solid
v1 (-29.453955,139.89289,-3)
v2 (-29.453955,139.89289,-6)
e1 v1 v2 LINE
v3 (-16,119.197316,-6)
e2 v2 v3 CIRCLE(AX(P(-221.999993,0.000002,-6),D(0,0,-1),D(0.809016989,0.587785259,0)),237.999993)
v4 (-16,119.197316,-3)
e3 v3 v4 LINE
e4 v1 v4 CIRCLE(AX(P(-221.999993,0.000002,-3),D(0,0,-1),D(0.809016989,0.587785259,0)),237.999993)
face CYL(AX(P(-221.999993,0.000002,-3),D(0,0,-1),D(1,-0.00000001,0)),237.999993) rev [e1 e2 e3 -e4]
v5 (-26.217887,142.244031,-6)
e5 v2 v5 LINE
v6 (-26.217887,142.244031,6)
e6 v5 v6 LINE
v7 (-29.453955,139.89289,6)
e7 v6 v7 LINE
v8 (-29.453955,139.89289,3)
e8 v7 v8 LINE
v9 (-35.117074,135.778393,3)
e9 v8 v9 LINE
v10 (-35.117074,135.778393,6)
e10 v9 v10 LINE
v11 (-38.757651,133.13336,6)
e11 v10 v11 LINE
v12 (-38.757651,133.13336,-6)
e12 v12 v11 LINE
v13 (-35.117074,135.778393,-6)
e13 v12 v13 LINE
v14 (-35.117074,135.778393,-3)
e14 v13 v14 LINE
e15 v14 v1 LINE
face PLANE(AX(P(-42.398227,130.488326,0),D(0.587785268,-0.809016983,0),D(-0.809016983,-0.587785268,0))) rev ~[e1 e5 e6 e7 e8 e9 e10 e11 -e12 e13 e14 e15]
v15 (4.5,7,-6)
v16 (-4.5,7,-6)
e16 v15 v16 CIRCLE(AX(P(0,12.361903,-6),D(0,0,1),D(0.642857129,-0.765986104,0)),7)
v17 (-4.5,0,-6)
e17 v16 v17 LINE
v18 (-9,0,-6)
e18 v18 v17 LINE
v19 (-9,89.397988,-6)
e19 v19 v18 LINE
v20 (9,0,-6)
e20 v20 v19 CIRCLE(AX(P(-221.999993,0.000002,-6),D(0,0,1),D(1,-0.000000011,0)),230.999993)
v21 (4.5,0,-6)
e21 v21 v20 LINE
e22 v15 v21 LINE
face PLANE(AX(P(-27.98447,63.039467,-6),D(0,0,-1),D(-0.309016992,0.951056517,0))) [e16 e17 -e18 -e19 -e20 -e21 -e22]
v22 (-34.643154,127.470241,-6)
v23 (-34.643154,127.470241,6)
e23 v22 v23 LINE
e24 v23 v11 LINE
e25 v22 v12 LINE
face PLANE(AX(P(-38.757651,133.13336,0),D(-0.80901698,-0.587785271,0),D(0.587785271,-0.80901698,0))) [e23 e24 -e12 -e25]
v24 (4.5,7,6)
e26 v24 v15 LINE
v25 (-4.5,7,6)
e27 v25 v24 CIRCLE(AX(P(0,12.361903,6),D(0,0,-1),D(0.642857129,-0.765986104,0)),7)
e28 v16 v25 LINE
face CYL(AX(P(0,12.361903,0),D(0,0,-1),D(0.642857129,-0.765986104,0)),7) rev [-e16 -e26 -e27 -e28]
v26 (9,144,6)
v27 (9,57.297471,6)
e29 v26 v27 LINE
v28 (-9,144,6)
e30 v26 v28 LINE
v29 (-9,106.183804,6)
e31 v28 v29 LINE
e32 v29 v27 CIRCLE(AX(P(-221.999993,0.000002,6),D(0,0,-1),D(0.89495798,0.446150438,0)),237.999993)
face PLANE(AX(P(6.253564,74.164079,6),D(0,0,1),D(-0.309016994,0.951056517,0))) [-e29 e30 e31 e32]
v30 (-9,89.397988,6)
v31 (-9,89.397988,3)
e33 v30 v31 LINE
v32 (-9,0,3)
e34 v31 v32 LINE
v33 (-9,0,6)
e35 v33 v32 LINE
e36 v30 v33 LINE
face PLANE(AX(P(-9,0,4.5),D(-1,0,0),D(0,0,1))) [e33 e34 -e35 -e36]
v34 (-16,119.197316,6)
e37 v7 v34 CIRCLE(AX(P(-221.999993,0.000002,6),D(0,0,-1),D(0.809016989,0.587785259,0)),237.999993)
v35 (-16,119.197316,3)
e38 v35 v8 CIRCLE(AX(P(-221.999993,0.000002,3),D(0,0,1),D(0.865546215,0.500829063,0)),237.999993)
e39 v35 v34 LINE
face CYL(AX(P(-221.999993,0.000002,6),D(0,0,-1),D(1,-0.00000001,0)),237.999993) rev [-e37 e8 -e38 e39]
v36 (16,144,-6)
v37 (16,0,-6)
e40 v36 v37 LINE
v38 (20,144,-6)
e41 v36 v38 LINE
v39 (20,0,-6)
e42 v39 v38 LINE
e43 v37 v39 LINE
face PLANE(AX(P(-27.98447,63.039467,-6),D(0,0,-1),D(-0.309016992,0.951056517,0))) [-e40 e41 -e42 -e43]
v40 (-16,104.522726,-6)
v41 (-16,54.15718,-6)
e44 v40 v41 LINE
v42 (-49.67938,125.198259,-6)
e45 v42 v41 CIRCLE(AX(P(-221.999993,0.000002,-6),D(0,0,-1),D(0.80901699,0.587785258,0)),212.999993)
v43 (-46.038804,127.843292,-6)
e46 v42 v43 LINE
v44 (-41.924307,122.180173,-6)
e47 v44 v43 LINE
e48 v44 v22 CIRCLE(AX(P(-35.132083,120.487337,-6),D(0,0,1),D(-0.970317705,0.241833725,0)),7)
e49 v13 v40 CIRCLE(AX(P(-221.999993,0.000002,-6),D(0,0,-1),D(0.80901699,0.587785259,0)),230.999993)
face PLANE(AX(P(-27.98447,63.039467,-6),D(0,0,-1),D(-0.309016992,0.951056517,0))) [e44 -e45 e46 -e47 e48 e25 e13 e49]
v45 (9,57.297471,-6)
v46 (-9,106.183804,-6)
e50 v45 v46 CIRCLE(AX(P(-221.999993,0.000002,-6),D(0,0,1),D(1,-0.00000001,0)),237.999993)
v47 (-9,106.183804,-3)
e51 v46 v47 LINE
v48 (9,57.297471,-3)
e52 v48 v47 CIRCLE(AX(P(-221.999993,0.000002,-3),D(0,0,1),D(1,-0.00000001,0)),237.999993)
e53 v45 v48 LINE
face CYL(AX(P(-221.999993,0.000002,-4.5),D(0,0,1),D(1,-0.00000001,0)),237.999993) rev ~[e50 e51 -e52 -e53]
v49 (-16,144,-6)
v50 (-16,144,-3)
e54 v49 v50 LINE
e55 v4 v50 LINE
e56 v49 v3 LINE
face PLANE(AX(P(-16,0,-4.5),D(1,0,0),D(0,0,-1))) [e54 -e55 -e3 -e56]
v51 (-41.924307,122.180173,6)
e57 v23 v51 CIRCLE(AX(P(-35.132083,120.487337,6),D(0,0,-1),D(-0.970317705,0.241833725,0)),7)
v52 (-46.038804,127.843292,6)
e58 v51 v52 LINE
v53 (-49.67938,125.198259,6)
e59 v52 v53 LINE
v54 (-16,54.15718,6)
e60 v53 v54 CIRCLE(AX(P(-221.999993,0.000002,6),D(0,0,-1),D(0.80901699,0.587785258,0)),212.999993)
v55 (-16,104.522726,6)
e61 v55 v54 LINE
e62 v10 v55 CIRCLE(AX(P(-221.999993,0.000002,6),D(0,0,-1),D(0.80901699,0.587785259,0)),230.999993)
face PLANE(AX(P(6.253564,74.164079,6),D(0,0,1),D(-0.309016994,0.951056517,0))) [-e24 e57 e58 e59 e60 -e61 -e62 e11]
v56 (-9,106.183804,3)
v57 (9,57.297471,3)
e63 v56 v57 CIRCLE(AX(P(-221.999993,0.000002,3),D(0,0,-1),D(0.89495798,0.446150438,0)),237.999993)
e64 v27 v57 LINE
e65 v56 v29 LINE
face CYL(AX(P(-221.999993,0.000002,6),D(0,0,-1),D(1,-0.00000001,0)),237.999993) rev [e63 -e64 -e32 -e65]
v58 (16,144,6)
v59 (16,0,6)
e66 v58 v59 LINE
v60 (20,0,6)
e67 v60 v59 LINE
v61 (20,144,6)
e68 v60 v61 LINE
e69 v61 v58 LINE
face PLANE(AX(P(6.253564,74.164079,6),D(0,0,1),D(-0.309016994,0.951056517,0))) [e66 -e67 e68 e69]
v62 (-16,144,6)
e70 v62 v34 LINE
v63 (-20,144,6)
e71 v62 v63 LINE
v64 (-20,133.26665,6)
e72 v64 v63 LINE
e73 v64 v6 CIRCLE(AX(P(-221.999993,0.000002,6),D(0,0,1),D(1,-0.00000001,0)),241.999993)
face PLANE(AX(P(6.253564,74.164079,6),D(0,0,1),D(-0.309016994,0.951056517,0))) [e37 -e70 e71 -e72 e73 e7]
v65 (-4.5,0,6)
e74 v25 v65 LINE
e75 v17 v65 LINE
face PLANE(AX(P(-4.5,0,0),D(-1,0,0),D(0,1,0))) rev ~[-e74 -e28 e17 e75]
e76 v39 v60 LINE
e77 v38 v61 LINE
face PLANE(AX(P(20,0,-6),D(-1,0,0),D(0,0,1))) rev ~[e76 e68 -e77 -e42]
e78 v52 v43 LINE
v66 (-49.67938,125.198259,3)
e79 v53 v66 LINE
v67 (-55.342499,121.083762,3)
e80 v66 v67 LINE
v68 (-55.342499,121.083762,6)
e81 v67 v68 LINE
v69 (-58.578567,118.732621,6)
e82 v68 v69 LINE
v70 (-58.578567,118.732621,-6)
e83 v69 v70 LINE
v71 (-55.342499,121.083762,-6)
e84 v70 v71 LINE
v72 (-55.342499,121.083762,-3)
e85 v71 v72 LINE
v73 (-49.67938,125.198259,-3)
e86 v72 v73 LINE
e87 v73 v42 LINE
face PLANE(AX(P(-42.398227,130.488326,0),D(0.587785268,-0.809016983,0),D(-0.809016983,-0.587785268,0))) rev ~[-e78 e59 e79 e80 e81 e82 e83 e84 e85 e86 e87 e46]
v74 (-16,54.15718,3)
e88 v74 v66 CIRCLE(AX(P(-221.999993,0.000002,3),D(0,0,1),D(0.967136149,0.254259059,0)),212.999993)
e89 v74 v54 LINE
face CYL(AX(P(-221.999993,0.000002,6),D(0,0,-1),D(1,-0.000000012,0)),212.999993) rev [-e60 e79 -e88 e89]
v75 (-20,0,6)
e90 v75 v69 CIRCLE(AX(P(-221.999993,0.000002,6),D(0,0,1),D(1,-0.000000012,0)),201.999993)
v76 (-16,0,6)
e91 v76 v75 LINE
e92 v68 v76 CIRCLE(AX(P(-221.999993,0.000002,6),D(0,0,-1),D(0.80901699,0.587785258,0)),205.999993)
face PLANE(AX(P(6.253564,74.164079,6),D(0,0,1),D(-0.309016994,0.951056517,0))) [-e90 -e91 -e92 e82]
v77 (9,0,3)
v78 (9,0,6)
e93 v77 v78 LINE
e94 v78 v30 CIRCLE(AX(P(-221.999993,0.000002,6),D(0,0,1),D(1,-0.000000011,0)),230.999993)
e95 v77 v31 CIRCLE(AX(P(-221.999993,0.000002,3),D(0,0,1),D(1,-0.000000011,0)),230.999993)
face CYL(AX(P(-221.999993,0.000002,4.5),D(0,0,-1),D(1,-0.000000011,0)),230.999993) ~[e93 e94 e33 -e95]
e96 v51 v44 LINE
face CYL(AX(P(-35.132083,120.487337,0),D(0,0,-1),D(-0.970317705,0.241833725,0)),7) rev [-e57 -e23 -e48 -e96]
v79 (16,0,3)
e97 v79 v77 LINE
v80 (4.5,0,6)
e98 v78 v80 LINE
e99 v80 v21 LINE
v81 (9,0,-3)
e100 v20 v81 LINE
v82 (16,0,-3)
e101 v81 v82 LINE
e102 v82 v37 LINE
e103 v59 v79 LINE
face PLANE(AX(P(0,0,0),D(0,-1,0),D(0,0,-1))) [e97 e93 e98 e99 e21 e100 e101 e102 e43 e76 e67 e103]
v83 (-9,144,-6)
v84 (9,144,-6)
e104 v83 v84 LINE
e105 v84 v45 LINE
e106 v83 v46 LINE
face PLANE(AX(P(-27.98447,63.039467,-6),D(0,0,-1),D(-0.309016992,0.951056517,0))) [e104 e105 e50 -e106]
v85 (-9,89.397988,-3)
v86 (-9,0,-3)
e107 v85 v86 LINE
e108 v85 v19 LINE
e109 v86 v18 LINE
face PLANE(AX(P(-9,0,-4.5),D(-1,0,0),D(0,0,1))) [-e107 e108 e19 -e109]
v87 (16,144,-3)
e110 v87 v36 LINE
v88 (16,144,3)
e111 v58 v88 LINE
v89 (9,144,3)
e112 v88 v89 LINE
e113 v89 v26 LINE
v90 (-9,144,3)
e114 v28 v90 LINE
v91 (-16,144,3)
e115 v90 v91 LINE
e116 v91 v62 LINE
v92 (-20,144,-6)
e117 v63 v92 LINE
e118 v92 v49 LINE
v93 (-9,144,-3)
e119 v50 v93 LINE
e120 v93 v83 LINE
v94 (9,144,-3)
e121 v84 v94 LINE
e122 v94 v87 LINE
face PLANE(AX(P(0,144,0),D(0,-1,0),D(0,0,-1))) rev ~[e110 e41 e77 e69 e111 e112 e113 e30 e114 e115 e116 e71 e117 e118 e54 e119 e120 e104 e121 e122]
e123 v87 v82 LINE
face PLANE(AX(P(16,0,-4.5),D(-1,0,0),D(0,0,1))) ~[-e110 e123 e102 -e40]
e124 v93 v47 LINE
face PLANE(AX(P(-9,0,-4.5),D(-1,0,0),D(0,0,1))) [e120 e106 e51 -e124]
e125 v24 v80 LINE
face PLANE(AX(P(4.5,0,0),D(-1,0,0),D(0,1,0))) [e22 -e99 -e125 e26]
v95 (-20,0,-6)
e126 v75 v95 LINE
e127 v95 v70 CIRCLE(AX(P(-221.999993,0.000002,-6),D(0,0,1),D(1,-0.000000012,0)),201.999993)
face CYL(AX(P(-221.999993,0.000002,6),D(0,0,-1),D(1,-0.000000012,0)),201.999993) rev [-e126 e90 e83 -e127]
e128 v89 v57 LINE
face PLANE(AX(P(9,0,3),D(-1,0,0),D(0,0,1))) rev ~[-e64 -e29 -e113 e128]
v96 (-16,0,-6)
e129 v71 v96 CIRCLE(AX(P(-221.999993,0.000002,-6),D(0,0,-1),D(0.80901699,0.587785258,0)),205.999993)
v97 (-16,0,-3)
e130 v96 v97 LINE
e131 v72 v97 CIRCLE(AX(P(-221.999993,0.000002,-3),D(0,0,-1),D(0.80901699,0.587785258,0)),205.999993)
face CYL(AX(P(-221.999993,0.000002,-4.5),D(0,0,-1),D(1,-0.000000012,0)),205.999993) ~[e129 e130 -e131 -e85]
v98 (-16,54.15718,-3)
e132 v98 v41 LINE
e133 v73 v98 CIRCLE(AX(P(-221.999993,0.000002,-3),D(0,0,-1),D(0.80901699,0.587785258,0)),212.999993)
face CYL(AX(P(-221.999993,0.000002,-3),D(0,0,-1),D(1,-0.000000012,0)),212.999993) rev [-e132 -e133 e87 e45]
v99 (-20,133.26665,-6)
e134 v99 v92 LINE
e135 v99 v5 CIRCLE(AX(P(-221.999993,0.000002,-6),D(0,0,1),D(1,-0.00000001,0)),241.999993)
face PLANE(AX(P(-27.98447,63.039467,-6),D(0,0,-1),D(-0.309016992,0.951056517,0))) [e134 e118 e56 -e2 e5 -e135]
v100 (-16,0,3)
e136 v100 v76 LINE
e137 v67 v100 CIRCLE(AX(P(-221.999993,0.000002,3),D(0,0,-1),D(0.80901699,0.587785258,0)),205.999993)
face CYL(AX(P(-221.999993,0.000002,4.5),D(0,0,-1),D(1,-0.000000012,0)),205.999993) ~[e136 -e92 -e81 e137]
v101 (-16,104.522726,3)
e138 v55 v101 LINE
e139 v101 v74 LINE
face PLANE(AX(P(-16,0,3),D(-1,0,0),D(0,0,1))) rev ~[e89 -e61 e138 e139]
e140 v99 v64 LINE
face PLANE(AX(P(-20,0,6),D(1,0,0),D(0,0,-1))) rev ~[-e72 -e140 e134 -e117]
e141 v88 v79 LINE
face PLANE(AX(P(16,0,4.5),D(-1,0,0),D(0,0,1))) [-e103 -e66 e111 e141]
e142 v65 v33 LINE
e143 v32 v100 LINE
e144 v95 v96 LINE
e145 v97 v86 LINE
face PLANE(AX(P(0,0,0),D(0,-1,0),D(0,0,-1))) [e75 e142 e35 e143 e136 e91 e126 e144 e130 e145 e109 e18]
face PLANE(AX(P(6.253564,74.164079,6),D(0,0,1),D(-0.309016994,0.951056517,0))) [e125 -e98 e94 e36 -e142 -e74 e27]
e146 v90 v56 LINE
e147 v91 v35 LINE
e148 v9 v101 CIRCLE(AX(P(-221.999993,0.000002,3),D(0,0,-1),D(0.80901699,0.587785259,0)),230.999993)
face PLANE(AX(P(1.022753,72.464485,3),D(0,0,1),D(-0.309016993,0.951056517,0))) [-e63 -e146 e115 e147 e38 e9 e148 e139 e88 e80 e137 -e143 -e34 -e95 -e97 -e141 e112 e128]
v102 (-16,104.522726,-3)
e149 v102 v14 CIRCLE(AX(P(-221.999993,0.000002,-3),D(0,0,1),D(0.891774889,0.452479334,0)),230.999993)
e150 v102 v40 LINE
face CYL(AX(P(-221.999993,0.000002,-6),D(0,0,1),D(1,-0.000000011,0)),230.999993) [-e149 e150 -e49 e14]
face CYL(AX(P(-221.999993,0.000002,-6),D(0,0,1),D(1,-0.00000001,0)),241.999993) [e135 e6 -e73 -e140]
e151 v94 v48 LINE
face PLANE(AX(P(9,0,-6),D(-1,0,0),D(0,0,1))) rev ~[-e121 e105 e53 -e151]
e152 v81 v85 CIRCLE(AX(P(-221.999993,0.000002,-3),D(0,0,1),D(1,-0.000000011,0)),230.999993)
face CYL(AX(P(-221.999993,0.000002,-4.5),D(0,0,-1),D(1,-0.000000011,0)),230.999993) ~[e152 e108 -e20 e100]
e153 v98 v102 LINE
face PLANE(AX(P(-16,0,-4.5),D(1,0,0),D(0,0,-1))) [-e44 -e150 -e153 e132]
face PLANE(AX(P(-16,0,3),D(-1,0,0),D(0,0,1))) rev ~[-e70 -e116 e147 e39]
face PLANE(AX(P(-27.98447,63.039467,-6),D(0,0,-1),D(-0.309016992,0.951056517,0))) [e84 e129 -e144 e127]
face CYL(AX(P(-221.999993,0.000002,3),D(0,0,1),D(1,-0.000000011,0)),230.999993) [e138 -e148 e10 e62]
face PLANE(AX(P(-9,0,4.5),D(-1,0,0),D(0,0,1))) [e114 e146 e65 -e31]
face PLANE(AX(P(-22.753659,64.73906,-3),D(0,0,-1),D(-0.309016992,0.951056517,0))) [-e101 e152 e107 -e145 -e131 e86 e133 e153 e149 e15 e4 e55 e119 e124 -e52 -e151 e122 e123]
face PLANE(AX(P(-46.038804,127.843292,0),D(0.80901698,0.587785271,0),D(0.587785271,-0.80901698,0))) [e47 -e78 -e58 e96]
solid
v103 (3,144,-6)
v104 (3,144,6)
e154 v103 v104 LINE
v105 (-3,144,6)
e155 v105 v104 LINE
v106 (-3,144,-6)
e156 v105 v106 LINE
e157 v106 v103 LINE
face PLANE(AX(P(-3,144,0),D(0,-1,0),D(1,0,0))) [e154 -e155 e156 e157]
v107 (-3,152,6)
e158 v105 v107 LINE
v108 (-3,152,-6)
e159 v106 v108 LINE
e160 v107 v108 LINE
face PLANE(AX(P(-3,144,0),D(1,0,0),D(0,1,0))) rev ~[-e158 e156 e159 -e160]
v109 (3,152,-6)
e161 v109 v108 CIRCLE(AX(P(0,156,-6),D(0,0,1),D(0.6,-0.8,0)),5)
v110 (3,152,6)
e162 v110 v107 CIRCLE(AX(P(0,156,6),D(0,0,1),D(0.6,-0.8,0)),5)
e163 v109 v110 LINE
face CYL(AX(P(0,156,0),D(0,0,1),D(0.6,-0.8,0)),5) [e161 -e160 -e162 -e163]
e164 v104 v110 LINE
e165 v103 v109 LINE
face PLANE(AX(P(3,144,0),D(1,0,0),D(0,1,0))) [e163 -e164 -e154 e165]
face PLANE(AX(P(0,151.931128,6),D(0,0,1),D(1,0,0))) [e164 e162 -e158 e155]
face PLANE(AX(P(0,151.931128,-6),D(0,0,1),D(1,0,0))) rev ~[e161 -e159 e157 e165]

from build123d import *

# Parameters (mm, degrees)
SKETCH004_W          = 7
SKETCH004_H          = 3
SKETCH005_W          = 7
SKETCH005_H          = 3
SKETCH009_W          = 7
SKETCH009_H          = 3
SKETCH010_W          = 7
SKETCH010_H          = 3
POCKET_DEPTH         = 6.001
POCKET_DEPTH_BACK    = -6.001
POCKET001_DEPTH      = 6.001
POCKET001_DEPTH_BACK = -6.001
PAD001_DEPTH         = 6


with BuildPart() as body:
    # AdditivePipe: sweep along a path in Sketch002
    with BuildLine(Plane.XY) as additivepipe_path:
        ThreePointArc((0, 0), (-10.865453, 68.601773), (-42.398227, 130.488326))
    # Sketch → AdditivePipe (sweep)
    with BuildSketch(Plane.XZ):
        Polygon((-20, 6), (-20, -6), (-16, -6), (-16, -3), (-9, -3), (-9, -6), (9, -6), (9, -3), (16, -3), (16, -6), (20, -6), (20, 6), (16, 6), (16, 3), (9, 3), (9, 6), (-9, 6), (-9, 3), (-16, 3), (-16, 6), align=None)
    sweep(path=additivepipe_path.line)

    # AdditivePipe001: sweep along a path in Sketch001
    with BuildLine(Plane.XY) as additivepipe001_path:
        Line((0, 0), (0, 144))
    # Sketch → AdditivePipe001 (sweep)
    with BuildSketch(Plane.XZ):
        Polygon((-20, 6), (-20, -6), (-16, -6), (-16, -3), (-9, -3), (-9, -6), (9, -6), (9, -3), (16, -3), (16, -6), (20, -6), (20, 6), (16, 6), (16, 3), (9, 3), (9, 6), (-9, 6), (-9, 3), (-16, 3), (-16, 6), align=None)
    sweep(path=additivepipe001_path.line)

    # SubtractivePipe: sweep along a path in Sketch001
    with BuildLine(Plane.XY) as subtractivepipe_path:
        Line((0, 0), (0, 144))
    # Sketch004 → SubtractivePipe (sweep, cut)
    with BuildSketch(Plane.XZ):
        with Locations((-12.5, 4.5)):
            Rectangle(SKETCH004_W, SKETCH004_H)
    sweep(path=subtractivepipe_path.line, mode=Mode.SUBTRACT)

    # SubtractivePipe001: sweep along a path in Sketch002
    with BuildLine(Plane.XY) as subtractivepipe001_path:
        ThreePointArc((0, 0), (-10.865453, 68.601773), (-42.398227, 130.488326))
    # Sketch004 → SubtractivePipe001 (sweep, cut)
    with BuildSketch(Plane.XZ):
        with Locations((-12.5, 4.5)):
            Rectangle(SKETCH004_W, SKETCH004_H)
    sweep(path=subtractivepipe001_path.line, mode=Mode.SUBTRACT)

    # SubtractivePipe002: sweep along a path in Sketch002
    with BuildLine(Plane.XY) as subtractivepipe002_path:
        ThreePointArc((0, 0), (-10.865453, 68.601773), (-42.398227, 130.488326))
    # Sketch005 (on Face1 of SubtractivePipe001) → SubtractivePipe002 (sweep, cut)
    with BuildSketch(Plane.XZ):
        with Locations((12.5, 4.5)):
            Rectangle(SKETCH005_W, SKETCH005_H)
    sweep(path=subtractivepipe002_path.line, mode=Mode.SUBTRACT)

    # SubtractivePipe003: sweep along a path in Sketch001
    with BuildLine(Plane.XY) as subtractivepipe003_path:
        Line((0, 0), (0, 144))
    # Sketch005 (on Face1 of SubtractivePipe001) → SubtractivePipe003 (sweep, cut)
    with BuildSketch(Plane.XZ):
        with Locations((12.5, 4.5)):
            Rectangle(SKETCH005_W, SKETCH005_H)
    subtractivepipe003 = sweep(path=subtractivepipe003_path.line, mode=Mode.SUBTRACT)

    # Mirrored: SubtractivePipe003 across XY
    add(subtractivepipe003.mirror(Plane.XY), mode=Mode.SUBTRACT)

    # SubtractivePipe004: sweep along a path in Sketch002
    with BuildLine(Plane.XY) as subtractivepipe004_path:
        ThreePointArc((0, 0), (-10.865453, 68.601773), (-42.398227, 130.488326))
    # Sketch009 → SubtractivePipe004 (sweep, cut)
    with BuildSketch(Plane.XZ):
        with Locations((-12.5, -4.5)):
            Rectangle(SKETCH009_W, SKETCH009_H)
    sweep(path=subtractivepipe004_path.line, mode=Mode.SUBTRACT)

    # SubtractivePipe005: sweep along a path in Sketch001
    with BuildLine(Plane.XY) as subtractivepipe005_path:
        Line((0, 0), (0, 144))
    # Sketch009 → SubtractivePipe005 (sweep, cut)
    with BuildSketch(Plane.XZ):
        with Locations((-12.5, -4.5)):
            Rectangle(SKETCH009_W, SKETCH009_H)
    sweep(path=subtractivepipe005_path.line, mode=Mode.SUBTRACT)

    # SubtractivePipe006: sweep along a path in Sketch002
    with BuildLine(Plane.XY) as subtractivepipe006_path:
        ThreePointArc((0, 0), (-10.865453, 68.601773), (-42.398227, 130.488326))
    # Sketch010 (on Face1 of SubtractivePipe005) → SubtractivePipe006 (sweep, cut)
    with BuildSketch(Plane.XZ):
        with Locations((12.5, -4.5)):
            Rectangle(SKETCH010_W, SKETCH010_H)
    sweep(path=subtractivepipe006_path.line, mode=Mode.SUBTRACT)

    # Sketch012 → Pocket (cut, two sides)
    with BuildSketch(Plane.XY) as pocket_sk:
        with BuildLine():
            Line((-46.038804, 127.843292), (-38.757651, 133.13336))
            Line((-38.757651, 133.13336), (-34.643154, 127.470241))
            ThreePointArc((-41.924307, 122.180173), (-31.017586, 114.824218), (-34.643154, 127.470241))
            Line((-46.038804, 127.843292), (-41.924307, 122.180173))
        make_face()
    extrude(amount=-POCKET_DEPTH, mode=Mode.SUBTRACT)
    extrude(pocket_sk.sketch, amount=-POCKET_DEPTH_BACK, mode=Mode.SUBTRACT)

    # Sketch013 → Pocket001 (cut, two sides)
    with BuildSketch(Plane.XY) as pocket001_sk:
        with BuildLine():
            Line((-4.5, 0), (4.5, 0))
            Line((4.5, 0), (4.5, 7))
            ThreePointArc((4.5, 7), (0, 19.361903), (-4.5, 7))
            Line((-4.5, 0), (-4.5, 7))
        make_face()
    extrude(amount=-POCKET001_DEPTH, mode=Mode.SUBTRACT)
    extrude(pocket001_sk.sketch, amount=-POCKET001_DEPTH_BACK, mode=Mode.SUBTRACT)


with BuildPart() as body002:
    # Sketch011 → Pad001 (new body, symmetric)
    with BuildSketch(Plane.XY):
        with BuildLine():
            Line((-3, 144), (3, 144))
            Line((3, 144), (3, 152))
            ThreePointArc((3, 152), (0, 161), (-3, 152))
            Line((-3, 144), (-3, 152))
        make_face()
    extrude(amount=PAD001_DEPTH, both=True)


solid = Compound([body.part, body002.part])
